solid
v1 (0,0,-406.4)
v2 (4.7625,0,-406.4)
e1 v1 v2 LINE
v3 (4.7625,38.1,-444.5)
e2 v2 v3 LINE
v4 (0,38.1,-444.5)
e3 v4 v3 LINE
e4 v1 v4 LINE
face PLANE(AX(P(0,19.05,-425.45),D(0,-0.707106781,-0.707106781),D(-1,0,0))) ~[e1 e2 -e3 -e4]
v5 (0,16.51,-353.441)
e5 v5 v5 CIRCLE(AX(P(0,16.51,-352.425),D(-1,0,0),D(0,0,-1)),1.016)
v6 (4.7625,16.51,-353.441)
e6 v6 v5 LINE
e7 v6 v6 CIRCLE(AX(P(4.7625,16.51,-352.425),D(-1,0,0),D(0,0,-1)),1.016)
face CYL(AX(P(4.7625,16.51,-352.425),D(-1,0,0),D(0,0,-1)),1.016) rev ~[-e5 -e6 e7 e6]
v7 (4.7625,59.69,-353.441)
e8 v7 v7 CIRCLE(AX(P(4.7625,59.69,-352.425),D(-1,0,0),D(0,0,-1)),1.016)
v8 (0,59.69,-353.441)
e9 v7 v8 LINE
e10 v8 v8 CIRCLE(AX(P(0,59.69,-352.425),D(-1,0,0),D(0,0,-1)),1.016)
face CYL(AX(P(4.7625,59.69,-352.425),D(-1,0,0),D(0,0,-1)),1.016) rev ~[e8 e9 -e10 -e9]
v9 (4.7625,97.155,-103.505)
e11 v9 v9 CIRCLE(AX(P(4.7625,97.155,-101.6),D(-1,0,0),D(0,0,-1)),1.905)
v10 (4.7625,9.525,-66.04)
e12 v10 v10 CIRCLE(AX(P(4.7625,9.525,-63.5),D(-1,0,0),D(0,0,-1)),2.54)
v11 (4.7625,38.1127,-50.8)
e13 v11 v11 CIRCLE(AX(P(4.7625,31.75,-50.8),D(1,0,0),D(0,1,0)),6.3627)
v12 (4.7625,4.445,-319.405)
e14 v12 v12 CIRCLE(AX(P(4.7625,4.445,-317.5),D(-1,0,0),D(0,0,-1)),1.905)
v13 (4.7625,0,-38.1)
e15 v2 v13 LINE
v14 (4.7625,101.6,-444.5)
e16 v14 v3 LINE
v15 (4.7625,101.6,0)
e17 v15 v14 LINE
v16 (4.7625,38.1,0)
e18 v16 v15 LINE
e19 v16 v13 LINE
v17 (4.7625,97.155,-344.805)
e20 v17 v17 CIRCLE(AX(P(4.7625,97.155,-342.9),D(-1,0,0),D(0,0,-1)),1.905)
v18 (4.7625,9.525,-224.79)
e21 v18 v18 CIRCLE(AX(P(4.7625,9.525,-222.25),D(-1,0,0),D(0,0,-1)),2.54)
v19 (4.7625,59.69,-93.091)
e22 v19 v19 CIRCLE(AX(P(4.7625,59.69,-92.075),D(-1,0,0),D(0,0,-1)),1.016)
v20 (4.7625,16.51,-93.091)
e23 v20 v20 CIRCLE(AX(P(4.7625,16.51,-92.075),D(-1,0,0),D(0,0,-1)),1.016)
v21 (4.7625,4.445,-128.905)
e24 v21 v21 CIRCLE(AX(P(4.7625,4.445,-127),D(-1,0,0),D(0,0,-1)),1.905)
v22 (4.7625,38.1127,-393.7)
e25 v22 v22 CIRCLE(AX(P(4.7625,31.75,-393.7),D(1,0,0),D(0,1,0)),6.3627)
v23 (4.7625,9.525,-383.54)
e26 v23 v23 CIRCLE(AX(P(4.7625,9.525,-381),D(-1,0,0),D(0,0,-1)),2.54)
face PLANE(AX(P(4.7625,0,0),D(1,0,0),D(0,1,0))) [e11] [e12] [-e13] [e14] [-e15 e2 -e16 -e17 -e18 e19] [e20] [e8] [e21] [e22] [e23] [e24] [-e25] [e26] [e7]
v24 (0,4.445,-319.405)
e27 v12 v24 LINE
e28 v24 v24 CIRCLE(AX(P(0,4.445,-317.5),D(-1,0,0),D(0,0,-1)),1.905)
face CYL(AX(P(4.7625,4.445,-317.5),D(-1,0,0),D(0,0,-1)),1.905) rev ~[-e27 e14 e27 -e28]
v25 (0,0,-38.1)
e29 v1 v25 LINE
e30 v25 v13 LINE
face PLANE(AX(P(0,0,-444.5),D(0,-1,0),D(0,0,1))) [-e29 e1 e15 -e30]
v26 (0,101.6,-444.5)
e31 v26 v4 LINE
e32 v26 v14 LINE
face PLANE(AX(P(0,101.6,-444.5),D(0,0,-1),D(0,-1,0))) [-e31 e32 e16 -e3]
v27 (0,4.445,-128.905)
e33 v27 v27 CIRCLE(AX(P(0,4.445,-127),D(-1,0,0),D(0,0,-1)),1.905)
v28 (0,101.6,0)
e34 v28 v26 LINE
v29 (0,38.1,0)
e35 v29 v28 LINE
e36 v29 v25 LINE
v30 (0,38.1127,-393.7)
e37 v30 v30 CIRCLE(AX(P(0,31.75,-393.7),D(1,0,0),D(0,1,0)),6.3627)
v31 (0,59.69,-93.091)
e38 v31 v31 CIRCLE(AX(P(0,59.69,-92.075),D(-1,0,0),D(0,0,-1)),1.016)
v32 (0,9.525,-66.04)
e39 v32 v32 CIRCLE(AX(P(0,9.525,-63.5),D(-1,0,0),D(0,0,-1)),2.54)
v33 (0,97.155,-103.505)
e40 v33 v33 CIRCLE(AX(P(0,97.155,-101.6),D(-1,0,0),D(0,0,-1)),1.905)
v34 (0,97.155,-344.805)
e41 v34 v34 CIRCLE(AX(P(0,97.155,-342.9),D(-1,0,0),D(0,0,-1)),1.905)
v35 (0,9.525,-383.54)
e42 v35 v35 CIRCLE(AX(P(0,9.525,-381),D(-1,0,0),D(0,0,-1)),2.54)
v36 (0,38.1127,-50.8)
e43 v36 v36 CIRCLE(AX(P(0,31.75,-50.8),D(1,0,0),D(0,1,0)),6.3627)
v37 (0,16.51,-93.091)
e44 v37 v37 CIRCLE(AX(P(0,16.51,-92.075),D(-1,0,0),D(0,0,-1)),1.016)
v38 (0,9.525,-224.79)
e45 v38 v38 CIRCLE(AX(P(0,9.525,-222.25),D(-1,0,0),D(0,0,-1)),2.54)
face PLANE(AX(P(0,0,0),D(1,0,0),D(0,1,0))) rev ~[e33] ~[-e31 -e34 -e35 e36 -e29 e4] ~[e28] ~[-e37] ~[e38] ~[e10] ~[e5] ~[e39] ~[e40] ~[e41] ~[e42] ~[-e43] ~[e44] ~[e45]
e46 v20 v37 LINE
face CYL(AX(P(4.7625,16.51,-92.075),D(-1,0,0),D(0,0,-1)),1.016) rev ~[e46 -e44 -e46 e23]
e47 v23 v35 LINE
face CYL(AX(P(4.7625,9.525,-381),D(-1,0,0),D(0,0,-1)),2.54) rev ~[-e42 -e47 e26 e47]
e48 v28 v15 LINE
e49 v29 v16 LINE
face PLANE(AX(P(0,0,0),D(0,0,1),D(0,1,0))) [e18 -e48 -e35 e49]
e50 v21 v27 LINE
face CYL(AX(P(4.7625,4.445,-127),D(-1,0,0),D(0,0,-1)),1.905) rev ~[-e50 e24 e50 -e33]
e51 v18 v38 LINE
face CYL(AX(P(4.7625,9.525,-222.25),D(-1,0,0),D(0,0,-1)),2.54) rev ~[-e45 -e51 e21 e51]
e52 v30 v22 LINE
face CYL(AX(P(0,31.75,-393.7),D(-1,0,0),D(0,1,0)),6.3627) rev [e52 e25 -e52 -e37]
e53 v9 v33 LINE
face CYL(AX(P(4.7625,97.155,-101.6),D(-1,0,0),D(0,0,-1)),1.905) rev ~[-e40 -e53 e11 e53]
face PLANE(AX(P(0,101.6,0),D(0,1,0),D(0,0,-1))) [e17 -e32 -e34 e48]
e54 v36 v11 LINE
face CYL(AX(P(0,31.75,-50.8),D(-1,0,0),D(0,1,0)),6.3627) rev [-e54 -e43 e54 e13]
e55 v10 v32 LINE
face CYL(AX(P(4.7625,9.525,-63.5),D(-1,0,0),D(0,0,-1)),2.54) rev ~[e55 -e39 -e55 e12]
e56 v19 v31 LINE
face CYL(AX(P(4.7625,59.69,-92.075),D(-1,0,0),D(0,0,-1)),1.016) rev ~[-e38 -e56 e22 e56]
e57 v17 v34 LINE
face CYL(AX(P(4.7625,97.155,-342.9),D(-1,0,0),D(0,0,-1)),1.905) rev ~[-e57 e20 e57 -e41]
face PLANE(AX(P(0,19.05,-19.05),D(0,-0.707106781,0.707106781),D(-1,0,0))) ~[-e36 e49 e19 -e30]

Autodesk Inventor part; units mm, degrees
ref_plane "YZ Plane" through (0, 0, 0) normal (1, 0, 0) x (0, 1, 0)
ref_plane "XZ Plane" through (0, 0, 0) normal (0, 1, 0) x (-1, 0, 0)
ref_plane "XY Plane" through (0, 0, 0) normal (0, 0, 1) x (1, 0, 0)
sketch "Sketch1" plane through (0, 0, 0) normal (1, 0, 0) x (0, 1, 0)
  line L0 (0, 0) -> (101.6, 0)
  line L1 (101.6, 0) -> (101.6, -444.5)
  line L2 (101.6, -444.5) -> (0, -444.5)
  line L3 (0, -444.5) -> (0, 0)
  circle A0 centre (31.75, -50.8) radius 6.3627
  circle A1 centre (31.75, -393.7) radius 6.3627
  circle A2 centre (86.2838, -165.5318) radius 1.5875
  circle A3 centre (70.2818, -165.5318) radius 1.5875
  circle A4 centre (15.3162, -278.9682) radius 1.5875
  circle A5 centre (31.3182, -278.9682) radius 1.5875
  dimension "d0" = 101.6
  dimension "d1" = 444.5
  dimension "d2" = 12.7254
  dimension "d3" = 31.75
  dimension "d4" = 50.8
  dimension "d5" = 50.8
  dimension "d22" = 165.5318
  dimension "d23" = 3.175
  dimension "d24" = 15.3162
  dimension "d25" = 3.175
  dimension "d26" = 16.002
  dimension "d27" = 165.5318
  dimension "d28" = 3.175
  dimension "d29" = 15.3162
  dimension "d30" = 165.5318
  dimension "d31" = 3.175
  dimension "d32" = 16.002
  dimension "d33" = 165.5318
extrude "Extrusion1" add sketch "Sketch1" along normal blind 4.7625 contours L0 L1 L2 L3 | A2 | A3 | A4 | A5
chamfer "Chamfer1" distance 38.1 angle 45 1 edges at (2.3813, 0, 0)
chamfer "Chamfer2" distance 38.1 angle 45 1 edges at (2.3813, 0, -444.5)
sketch "Sketch7" plane through (4.7625, 0, 0) normal (1, 0, 0) x (0, 0, -1)
  line L0 (444.5, 38.1) -> (406.4, 0) projected
  line L1 (444.5, 38.1) -> (444.5, 101.6) projected
  line L2 (444.5, 101.6) -> (0, 101.6) projected
  line L3 (0, 101.6) -> (0, 38.1) projected
  line L4 (38.1, 0) -> (0, 38.1) projected
  line L5 (38.1, 0) -> (406.4, 0) projected
  circle A0 centre (393.7, 31.75) radius 6.3627 projected
  circle A1 centre (50.8, 31.75) radius 6.3627 projected
  point P0 (0, 0)
  point P1 (101.6, 97.155)
  point P2 (342.9, 97.155)
  point P3 (127, 4.445)
  point P4 (317.5, 4.445)
  dimension "d95" = 4.445
  dimension "d96" = 4.445
  dimension "d97" = 4.445
  dimension "d98" = 4.445
  dimension "d99" = 101.6
  dimension "d100" = 101.6
  dimension "d101" = 127
  dimension "d102" = 127
hole "Hole2" at (4.7625, 97.155, -101.6) at (4.7625, 97.155, -342.9) at (4.7625, 4.445, -127) at (4.7625, 4.445, -317.5) direction (-1, 0, 0) diameter 3.81 depth 25.4 tip angle 118
sketch "Sketch9" plane through (4.7625, 0, 0) normal (1, 0, 0) x (0, 0, -1)
  line L0 (444.5, 38.1) -> (444.5, 101.6) projected
  line L1 (38.1, 0) -> (406.4, 0) projected
  line L2 (0, 101.6) -> (0, 38.1) projected
  point P0 (0, 0)
  point P1 (352.425, 59.69)
  point P2 (352.425, 16.51)
  point P3 (92.075, 16.51)
  point P4 (92.075, 59.69)
  dimension "d115" = 43.18
  dimension "d116" = 92.075
  dimension "d117" = 92.075
  dimension "d118" = 16.51
  dimension "d119" = 92.075
  dimension "d120" = 92.075
  dimension "d121" = 43.18
  dimension "d122" = 16.51
hole "Hole3" at (4.7625, 59.69, -352.425) at (4.7625, 16.51, -352.425) at (4.7625, 16.51, -92.075) at (4.7625, 59.69, -92.075) direction (-1, 0, 0) diameter 2.032 depth 7.6708 tip angle 118
sketch "Sketch10" plane through (4.7625, 0, 0) normal (1, 0, 0) x (0, 0, -1)
  line L0 (38.1, 0) -> (406.4, 0) projected
  line L1 (0, 101.6) -> (0, 38.1) projected
  line L2 (444.5, 38.1) -> (444.5, 101.6) projected
  point P0 (0, 0)
  point P1 (63.5, 9.525)
  point P2 (222.25, 9.525)
  point P3 (381, 9.525)
  dimension "d130" = 9.525
  dimension "d131" = 63.5
  dimension "d132" = 63.5
  dimension "d133" = 317.5
  dimension "d134" = 158.75
  dimension "d135" = 9.525
hole "Hole4" at (4.7625, 9.525, -63.5) at (4.7625, 9.525, -222.25) at (4.7625, 9.525, -381) direction (-1, 0, 0) diameter 5.08 depth 19.05 tip angle 118
equation "\"d96\" = d95"
equation "\"d97\" = d95"
equation "\"d98\" = d95"
equation "\"d100\" = d99"
equation "\"d117\" = d116"
equation "\"d119\" = d117"
equation "\"d120\" = d117"
equation "\"d121\" = d115"
equation "\"d122\" = d118"
equation "\"d132\" = d131"
equation "\"d134\" = 0.5 * d133"
properties part number "DriveTrain3.0" material "Aluminum 6061"
